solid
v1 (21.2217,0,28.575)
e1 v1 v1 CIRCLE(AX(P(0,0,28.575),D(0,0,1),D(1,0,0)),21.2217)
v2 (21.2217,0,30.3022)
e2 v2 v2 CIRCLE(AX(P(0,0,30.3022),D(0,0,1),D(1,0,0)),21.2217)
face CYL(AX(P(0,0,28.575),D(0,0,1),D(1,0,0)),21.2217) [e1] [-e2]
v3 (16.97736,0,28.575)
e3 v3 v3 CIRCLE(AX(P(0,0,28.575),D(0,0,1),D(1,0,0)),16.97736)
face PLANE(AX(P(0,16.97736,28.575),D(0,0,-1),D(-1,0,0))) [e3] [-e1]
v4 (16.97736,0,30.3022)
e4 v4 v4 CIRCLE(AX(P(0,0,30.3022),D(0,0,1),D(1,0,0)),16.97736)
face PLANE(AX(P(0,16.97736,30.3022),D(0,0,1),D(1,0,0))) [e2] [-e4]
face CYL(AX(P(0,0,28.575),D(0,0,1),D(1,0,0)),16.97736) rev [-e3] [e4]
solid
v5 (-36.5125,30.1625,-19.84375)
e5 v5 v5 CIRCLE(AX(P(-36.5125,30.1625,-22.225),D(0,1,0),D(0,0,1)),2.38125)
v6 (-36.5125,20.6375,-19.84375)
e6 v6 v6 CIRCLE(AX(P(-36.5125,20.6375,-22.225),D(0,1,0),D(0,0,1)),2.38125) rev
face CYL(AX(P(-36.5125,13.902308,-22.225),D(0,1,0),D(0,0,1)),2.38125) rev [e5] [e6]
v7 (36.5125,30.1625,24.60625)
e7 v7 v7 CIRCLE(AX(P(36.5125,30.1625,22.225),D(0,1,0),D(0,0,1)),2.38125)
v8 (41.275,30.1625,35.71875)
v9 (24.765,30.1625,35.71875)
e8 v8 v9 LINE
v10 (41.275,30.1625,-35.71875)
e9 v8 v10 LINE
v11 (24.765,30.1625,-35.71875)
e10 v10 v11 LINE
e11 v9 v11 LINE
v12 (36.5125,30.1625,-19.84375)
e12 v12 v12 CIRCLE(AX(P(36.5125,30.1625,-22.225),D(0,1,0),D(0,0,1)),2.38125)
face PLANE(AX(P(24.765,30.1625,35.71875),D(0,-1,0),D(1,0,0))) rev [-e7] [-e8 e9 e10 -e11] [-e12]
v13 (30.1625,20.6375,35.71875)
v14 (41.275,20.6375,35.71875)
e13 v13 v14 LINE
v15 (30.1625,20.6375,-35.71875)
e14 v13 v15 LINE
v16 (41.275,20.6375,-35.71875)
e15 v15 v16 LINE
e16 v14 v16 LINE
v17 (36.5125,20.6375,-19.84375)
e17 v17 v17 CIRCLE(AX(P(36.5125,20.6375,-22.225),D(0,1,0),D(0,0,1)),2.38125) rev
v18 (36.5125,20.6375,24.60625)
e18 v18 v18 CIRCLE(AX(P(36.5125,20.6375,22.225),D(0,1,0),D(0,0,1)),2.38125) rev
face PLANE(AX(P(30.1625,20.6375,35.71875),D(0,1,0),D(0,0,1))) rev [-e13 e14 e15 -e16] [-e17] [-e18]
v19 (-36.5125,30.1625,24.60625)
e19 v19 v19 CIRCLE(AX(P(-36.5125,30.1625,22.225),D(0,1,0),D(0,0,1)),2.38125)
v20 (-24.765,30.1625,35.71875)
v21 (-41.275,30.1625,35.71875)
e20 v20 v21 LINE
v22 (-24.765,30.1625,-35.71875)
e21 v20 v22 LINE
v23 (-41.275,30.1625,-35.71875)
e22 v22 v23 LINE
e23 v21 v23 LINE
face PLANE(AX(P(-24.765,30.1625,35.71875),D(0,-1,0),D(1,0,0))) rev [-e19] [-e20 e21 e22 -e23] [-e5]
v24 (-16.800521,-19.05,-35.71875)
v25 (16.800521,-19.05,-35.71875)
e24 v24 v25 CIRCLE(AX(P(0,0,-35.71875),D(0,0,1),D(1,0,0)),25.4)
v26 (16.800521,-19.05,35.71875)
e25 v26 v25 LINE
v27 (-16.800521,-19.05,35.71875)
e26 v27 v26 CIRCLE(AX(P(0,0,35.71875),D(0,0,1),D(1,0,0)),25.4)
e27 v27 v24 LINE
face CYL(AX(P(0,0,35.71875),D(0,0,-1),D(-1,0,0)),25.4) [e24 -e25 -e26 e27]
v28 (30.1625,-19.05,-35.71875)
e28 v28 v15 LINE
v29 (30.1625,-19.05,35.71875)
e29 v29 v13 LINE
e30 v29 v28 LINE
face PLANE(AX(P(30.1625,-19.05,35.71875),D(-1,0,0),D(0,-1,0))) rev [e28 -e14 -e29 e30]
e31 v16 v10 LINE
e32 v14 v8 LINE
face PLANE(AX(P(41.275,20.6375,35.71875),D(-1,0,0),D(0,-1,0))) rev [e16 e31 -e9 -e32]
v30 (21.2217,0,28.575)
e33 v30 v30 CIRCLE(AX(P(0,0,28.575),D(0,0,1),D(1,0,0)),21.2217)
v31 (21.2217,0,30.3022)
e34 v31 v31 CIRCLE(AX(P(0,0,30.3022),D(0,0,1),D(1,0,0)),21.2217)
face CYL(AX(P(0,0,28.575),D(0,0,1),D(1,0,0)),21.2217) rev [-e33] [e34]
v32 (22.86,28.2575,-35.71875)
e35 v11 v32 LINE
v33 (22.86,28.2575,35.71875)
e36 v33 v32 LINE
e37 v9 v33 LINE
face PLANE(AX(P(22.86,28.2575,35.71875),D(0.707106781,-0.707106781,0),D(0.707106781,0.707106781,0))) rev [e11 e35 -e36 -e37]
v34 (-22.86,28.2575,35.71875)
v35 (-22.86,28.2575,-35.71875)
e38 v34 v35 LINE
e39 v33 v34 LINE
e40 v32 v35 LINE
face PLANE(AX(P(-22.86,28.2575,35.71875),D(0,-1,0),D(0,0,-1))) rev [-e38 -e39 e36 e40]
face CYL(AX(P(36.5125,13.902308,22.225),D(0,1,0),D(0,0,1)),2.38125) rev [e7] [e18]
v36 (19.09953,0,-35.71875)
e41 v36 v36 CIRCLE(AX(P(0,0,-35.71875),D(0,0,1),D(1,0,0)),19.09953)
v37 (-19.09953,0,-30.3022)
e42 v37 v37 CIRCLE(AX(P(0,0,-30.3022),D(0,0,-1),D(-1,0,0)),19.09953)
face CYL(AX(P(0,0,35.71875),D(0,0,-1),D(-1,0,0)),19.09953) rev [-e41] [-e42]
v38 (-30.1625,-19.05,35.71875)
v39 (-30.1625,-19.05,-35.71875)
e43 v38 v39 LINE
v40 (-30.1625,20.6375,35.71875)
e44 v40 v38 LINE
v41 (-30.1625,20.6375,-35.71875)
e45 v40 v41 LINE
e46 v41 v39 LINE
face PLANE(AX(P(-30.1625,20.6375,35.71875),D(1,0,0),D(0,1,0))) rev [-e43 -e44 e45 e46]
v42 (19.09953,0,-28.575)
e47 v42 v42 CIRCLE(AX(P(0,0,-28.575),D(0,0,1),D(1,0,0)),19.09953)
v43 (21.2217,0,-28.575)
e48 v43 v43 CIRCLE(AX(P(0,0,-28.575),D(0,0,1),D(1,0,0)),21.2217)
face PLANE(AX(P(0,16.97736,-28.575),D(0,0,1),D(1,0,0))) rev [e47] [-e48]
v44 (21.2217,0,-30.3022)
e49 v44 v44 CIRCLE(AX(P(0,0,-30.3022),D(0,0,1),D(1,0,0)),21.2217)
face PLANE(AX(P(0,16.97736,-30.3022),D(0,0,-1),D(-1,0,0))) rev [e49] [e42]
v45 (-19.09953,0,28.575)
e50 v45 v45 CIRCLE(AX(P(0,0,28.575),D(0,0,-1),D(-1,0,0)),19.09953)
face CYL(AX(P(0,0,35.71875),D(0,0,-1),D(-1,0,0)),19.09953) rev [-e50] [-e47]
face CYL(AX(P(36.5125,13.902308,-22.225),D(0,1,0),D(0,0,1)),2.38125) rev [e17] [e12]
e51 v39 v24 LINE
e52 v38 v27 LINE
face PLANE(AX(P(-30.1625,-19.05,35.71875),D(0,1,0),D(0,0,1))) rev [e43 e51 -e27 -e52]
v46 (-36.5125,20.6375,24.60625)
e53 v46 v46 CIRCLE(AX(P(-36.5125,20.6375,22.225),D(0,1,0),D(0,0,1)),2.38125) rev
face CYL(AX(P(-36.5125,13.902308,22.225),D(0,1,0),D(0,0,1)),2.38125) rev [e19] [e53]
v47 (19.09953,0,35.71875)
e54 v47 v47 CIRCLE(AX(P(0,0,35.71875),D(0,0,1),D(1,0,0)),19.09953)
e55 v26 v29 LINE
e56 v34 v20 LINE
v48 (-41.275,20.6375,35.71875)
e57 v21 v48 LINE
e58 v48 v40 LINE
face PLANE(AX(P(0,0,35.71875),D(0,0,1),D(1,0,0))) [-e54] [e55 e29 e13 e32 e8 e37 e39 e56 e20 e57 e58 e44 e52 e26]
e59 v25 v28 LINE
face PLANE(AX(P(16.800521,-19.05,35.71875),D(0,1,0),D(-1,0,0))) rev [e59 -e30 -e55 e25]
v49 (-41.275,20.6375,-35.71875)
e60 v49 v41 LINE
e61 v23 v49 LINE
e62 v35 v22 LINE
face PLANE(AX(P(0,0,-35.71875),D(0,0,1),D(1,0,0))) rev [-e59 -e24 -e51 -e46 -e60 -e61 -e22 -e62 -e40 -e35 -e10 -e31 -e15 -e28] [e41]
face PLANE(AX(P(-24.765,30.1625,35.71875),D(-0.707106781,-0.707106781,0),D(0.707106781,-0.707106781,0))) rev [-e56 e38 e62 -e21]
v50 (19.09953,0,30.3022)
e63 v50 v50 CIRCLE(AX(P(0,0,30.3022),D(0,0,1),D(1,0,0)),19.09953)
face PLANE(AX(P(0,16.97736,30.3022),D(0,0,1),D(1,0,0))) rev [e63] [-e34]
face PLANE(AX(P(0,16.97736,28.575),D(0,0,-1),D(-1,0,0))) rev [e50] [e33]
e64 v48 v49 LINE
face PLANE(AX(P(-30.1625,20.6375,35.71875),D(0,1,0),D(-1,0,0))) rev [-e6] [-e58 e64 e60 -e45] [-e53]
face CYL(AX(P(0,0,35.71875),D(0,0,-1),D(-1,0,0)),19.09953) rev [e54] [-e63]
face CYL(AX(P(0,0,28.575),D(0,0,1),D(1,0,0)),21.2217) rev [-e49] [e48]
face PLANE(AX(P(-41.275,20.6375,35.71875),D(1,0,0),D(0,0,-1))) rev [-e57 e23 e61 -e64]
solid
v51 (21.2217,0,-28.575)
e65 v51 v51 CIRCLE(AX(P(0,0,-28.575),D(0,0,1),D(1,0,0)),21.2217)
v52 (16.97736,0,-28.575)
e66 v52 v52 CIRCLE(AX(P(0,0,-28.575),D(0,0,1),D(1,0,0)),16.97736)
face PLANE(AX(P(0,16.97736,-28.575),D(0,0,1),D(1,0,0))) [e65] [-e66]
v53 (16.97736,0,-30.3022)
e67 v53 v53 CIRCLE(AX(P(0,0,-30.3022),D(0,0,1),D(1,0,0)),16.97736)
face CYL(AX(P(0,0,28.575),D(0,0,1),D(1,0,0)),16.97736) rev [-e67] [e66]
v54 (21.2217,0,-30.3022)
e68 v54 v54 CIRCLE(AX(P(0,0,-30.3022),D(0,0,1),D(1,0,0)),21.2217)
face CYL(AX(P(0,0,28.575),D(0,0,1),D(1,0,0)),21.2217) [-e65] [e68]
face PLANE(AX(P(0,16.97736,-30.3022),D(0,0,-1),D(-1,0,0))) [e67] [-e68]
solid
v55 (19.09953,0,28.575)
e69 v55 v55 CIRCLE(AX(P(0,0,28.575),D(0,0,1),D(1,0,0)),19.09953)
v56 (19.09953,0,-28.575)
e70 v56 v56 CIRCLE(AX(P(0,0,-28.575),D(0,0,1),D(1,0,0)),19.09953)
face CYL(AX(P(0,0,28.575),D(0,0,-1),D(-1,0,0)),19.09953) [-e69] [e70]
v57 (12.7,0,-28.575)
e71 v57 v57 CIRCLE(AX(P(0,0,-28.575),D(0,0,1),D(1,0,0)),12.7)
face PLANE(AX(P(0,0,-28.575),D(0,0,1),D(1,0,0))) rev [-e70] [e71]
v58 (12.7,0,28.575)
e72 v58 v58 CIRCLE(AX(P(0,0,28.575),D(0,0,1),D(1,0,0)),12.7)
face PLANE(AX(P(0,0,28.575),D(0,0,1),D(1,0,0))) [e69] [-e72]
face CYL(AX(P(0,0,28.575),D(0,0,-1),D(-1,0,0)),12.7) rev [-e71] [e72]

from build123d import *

# Parameters (mm, degrees)
SKETCH1_R            = 19.09953
MAIN_BODY_DEPTH      = 35.71875
SKETCH3_R            = 2.38125
MOUNTING_HOLES_DEPTH = 9.525
SKETCH8_R            = 19.09953
SKETCH8_R_2          = 12.7
INTERIOR_DEPTH       = 28.575
GROOVES_2_W          = 1.7272
GROOVES_2_H          = 4.24434
GROOVES_2_2_W        = 1.7272
GROOVES_2_2_H        = 4.24434


with BuildPart() as part:
    # Sketch1 → Main Body (new, symmetric)
    with BuildSketch(Plane.XY):
        with BuildLine():
            Line((-30.1625, 20.6375), (-41.275, 20.6375))
            Line((-41.275, 20.6375), (-41.275, 30.1625))
            Line((-41.275, 30.1625), (-24.765, 30.1625))
            Line((-24.765, 30.1625), (-22.86, 28.2575))
            Line((-22.86, 28.2575), (22.86, 28.2575))
            Line((22.86, 28.2575), (24.765, 30.1625))
            Line((24.765, 30.1625), (41.275, 30.1625))
            Line((41.275, 30.1625), (41.275, 20.6375))
            Line((41.275, 20.6375), (30.1625, 20.6375))
            Line((30.1625, 20.6375), (30.1625, -19.05))
            Line((30.1625, -19.05), (16.800520825, -19.05))
            ThreePointArc((16.800520825, -19.05), (0, -25.4), (-16.800520825, -19.05))
            Line((-16.800520825, -19.05), (-30.1625, -19.05))
            Line((-30.1625, -19.05), (-30.1625, 20.6375))
        make_face()
        Circle(SKETCH1_R, mode=Mode.SUBTRACT)
    extrude(amount=MAIN_BODY_DEPTH, both=True)

    # Sketch3 → Mounting Holes (cut)
    with BuildSketch(Plane(origin=(0, 30.1625, 0), x_dir=(1, 0, 0), z_dir=(0, 1, 0))):
        with Locations(Location((-36.5125, 22.225, 0), (0, 0, 270))):
            Circle(SKETCH3_R)
        with Locations(Location((36.5125, 22.225, 0), (0, 0, 270))):
            Circle(SKETCH3_R)
        with Locations(Location((36.5125, -22.225, 0), (0, 0, 270))):
            Circle(SKETCH3_R)
        with Locations(Location((-36.5125, -22.225, 0), (0, 0, 270))):
            Circle(SKETCH3_R)
    extrude(amount=-MOUNTING_HOLES_DEPTH, mode=Mode.SUBTRACT)

    # Grooves 2 → Grooves (revolve, cut)
    with BuildSketch(Plane(origin=(0, 0, 0), x_dir=(0, 0, -1), z_dir=(1, 0, 0)), mode=Mode.PRIVATE) as grooves_sk:
        with Locations((29.4386, -19.09953)):
            Rectangle(GROOVES_2_W, GROOVES_2_H)
        with Locations((-29.4386, -19.09953)):
            Rectangle(GROOVES_2_W, GROOVES_2_H)
    revolve(grooves_sk.sketch.rotate(Axis((0, 0, 28.575), (0, 0, -1)), 270), axis=Axis((0, 0, 28.575), (0, 0, -1)), mode=Mode.SUBTRACT)


with BuildPart() as body_2:
    # Sketch8 → Interior (new, symmetric)
    with BuildSketch(Plane.XY):
        Circle(SKETCH8_R)
        Circle(SKETCH8_R_2, mode=Mode.SUBTRACT)
    extrude(amount=INTERIOR_DEPTH, both=True)


with BuildPart() as body_3:
    # Grooves_2 2 → Retaining Ring (revolve)
    with BuildSketch(Plane(origin=(0, 0, 0), x_dir=(0, 0, -1), z_dir=(1, 0, 0)), mode=Mode.PRIVATE) as retaining_ring_sk:
        with Locations((29.4386, -19.09953)):
            Rectangle(GROOVES_2_2_W, GROOVES_2_2_H)
        with Locations((-29.4386, -19.09953)):
            Rectangle(GROOVES_2_2_W, GROOVES_2_2_H)
    revolve(retaining_ring_sk.sketch.rotate(Axis((0, 0, 28.575), (0, 0, -1)), 270), axis=Axis((0, 0, 28.575), (0, 0, -1)))


solid = Compound([part.part, body_2.part, body_3.part])
